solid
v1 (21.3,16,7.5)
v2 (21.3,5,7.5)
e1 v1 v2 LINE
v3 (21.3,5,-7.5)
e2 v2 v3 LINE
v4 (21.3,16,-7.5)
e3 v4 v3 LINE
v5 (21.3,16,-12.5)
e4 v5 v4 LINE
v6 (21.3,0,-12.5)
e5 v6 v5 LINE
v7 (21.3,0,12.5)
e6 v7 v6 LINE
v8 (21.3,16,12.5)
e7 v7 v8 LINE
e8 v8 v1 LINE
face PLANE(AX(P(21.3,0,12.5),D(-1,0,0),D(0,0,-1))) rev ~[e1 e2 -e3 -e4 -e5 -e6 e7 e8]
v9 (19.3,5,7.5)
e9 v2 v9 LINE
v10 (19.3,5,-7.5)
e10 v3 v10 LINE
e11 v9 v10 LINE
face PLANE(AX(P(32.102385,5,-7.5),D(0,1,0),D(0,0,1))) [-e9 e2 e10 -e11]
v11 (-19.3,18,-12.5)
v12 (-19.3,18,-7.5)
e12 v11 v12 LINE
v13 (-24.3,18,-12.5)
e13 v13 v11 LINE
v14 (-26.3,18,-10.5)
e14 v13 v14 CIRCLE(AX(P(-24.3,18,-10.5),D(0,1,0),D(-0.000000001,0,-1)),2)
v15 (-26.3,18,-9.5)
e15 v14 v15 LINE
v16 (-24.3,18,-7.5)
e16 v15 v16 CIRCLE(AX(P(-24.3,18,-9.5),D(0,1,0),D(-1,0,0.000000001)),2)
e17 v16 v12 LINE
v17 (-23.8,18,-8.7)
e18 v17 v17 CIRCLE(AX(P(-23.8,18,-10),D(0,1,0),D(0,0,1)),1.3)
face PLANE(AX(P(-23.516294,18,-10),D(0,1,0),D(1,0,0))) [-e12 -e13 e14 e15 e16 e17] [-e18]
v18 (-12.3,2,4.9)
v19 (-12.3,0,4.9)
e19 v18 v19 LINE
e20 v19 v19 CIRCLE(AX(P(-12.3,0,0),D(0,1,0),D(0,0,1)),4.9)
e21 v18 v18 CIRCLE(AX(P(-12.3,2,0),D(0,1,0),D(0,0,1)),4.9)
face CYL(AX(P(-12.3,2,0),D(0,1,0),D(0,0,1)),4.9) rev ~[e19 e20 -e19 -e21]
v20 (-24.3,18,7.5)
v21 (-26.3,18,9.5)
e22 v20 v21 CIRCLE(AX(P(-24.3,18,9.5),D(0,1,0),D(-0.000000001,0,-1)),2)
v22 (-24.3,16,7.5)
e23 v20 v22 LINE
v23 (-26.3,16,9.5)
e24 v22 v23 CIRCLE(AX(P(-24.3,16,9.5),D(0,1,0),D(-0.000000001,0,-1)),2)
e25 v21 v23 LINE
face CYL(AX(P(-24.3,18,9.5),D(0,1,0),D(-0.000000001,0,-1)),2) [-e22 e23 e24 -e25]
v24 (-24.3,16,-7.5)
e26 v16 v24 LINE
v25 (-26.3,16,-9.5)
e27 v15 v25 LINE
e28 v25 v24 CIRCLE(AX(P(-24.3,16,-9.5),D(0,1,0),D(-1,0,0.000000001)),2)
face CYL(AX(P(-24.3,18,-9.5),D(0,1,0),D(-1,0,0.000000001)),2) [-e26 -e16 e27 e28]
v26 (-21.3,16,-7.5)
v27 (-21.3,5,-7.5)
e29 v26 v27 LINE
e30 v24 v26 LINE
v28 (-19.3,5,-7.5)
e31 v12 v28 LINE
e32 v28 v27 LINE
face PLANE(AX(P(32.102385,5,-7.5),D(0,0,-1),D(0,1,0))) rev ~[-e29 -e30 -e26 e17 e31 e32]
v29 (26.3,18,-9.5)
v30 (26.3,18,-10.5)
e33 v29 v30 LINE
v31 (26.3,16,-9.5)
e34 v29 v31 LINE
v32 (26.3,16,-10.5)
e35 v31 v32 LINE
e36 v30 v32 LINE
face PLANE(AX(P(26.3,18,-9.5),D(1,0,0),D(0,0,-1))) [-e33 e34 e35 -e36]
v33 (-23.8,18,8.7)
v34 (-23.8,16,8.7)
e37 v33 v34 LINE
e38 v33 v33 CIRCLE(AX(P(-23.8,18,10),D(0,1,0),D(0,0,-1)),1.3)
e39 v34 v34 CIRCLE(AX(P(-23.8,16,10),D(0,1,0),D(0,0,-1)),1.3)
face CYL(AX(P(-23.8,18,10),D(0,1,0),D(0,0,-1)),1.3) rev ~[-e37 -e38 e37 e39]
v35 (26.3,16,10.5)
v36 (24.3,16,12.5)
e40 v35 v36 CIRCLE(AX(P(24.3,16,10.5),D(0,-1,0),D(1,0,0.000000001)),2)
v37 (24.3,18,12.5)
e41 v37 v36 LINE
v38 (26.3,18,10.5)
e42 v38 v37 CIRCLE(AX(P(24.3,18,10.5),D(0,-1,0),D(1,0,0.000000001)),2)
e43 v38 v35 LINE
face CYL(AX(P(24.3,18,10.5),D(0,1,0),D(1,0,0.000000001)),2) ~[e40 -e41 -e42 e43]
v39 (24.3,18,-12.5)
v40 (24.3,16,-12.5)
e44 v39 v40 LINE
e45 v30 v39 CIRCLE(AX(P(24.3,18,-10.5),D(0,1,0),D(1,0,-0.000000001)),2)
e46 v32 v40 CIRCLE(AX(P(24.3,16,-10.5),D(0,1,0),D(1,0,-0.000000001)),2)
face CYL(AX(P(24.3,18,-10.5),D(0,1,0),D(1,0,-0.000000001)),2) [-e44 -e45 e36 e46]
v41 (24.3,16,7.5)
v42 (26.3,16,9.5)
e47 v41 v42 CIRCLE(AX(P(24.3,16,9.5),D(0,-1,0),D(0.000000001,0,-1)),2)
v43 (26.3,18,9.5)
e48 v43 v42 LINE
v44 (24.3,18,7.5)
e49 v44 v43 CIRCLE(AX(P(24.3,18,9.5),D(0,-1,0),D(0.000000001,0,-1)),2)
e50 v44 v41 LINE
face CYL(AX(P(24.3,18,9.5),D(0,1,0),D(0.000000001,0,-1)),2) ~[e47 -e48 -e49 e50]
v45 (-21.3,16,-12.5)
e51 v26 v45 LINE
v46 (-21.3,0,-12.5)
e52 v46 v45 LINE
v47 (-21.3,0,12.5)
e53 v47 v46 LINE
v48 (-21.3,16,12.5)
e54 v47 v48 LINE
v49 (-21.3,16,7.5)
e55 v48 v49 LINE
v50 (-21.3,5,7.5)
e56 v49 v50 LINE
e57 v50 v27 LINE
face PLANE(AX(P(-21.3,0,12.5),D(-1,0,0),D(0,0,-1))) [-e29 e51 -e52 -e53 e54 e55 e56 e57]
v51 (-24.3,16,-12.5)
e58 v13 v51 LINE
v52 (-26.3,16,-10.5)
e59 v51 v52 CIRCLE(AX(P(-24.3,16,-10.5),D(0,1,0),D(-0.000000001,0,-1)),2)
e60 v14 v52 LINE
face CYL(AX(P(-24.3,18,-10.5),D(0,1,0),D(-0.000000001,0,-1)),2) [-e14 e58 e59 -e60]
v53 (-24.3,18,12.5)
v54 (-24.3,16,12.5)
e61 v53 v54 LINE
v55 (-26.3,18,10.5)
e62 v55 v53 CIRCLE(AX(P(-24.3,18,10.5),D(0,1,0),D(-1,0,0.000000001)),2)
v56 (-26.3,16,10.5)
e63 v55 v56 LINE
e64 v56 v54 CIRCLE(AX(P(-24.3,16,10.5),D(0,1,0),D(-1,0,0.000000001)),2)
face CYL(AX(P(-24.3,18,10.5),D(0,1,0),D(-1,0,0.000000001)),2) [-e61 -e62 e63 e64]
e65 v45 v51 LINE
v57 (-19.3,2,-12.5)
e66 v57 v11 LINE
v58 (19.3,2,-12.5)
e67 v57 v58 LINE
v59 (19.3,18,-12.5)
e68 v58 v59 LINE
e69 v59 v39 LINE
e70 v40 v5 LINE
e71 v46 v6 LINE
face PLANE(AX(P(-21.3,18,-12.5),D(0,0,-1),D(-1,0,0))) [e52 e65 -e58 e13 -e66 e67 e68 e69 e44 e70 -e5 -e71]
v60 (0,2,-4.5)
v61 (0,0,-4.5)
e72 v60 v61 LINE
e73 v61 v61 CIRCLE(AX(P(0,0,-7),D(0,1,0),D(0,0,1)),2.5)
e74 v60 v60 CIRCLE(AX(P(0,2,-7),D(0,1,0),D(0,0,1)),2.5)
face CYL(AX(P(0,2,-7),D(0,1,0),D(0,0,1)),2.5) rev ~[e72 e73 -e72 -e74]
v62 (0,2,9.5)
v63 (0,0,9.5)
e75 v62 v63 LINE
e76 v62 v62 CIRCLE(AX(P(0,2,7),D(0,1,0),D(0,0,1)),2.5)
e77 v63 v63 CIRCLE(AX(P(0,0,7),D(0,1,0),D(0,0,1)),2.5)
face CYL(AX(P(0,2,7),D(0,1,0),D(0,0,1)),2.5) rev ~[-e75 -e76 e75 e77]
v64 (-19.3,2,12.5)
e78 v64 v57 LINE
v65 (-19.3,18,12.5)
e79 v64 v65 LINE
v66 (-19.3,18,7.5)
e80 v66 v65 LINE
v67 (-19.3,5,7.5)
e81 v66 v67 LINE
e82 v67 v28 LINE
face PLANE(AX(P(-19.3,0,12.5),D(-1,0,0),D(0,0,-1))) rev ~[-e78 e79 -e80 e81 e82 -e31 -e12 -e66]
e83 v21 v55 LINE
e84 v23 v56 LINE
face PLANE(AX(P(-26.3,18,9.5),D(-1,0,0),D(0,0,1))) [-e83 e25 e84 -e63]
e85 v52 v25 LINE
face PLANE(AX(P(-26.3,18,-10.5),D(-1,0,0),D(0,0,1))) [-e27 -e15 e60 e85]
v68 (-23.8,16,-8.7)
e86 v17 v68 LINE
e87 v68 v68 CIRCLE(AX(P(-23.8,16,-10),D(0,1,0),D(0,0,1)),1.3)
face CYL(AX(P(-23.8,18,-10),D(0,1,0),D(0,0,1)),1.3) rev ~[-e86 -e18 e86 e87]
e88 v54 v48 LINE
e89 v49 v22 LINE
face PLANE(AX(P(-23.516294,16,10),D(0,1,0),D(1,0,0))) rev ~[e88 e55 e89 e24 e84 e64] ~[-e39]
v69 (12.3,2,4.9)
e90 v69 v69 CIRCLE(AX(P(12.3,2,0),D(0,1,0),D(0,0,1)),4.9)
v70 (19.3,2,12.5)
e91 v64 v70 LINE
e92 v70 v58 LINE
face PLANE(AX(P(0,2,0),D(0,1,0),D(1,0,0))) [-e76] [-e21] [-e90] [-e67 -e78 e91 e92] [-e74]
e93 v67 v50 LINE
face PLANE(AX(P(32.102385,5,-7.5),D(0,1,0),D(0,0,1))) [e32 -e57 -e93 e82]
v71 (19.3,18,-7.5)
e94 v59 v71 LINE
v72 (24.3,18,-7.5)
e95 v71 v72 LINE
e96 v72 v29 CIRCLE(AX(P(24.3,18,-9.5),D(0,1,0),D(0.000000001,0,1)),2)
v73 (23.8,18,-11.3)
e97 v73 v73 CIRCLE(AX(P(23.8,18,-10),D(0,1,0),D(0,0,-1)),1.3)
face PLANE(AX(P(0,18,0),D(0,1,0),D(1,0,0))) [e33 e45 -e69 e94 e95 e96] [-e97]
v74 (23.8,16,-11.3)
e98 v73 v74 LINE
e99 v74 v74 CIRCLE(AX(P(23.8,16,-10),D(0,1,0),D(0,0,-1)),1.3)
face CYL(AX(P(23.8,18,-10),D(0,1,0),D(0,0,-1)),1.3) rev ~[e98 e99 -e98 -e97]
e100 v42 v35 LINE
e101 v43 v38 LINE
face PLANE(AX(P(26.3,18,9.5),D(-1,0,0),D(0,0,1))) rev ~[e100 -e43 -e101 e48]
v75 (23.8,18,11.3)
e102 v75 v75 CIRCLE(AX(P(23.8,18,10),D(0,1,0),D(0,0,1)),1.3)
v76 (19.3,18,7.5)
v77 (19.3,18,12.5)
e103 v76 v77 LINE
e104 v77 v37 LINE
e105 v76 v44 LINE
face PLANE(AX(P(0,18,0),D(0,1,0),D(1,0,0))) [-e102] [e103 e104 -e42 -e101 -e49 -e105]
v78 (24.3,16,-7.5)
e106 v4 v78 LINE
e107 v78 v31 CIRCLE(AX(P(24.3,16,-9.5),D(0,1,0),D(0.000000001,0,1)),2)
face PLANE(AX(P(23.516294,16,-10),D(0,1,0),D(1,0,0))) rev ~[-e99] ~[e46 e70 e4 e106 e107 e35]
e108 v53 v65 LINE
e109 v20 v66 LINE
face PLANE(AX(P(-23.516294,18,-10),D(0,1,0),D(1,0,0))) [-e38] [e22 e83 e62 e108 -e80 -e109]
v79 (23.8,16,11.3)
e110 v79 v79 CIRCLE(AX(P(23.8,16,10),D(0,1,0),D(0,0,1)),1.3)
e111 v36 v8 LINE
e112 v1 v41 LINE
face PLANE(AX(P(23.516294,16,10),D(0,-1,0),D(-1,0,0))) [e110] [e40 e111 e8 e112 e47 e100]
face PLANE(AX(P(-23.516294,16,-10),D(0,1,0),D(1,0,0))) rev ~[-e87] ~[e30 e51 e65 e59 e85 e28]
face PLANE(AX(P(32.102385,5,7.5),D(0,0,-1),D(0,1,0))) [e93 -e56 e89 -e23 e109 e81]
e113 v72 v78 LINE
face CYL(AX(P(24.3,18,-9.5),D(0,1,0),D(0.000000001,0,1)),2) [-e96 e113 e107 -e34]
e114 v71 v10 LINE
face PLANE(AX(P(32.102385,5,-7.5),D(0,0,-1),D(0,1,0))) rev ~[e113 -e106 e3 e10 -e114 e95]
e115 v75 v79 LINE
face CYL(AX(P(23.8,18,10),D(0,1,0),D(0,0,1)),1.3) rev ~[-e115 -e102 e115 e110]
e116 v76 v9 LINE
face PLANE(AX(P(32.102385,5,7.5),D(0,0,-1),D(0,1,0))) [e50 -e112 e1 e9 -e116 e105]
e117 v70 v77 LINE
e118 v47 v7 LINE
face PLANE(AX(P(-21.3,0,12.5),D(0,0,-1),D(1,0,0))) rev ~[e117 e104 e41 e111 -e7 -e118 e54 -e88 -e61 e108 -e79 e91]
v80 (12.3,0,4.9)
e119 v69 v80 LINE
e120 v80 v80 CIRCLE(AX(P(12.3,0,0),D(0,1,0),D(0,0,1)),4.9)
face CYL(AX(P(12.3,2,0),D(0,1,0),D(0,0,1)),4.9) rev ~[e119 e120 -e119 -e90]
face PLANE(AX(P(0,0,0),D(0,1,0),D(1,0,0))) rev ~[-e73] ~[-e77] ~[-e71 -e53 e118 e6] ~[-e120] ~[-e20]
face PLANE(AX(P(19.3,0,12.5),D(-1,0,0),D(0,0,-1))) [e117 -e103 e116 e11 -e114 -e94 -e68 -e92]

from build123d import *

# Parameters (mm, degrees)
SZKIC1_W                        = 42.6
SZKIC1_H                        = 25
DODANIE_WYCI_GNI_CIE2_DEPTH     = 18
SKORUPA5_T                      = -2
SZKIC2_R                        = 1.3
DODANIE_WYCI_GNI_CIE3_DEPTH     = 2
SZKIC3_R                        = 4.9
SZKIC3_R_2                      = 2.5
WYTNIJ_WYCI_GNI_CIE1_DEPTH      = 2
WYTNIJ_WYCI_GNI_CIE2_DEPTH      = 53.402385442
WYTNIJ_WYCI_GNI_CIE2_DEPTH_BACK = 53.402385442
SZKIC4_W                        = 15
SZKIC4_H                        = 13


with BuildPart() as part:
    # Szkic1 → Dodanie-wyciągnięcie2 (new body)
    with BuildSketch(Plane(origin=(0, 0, 0), x_dir=(1, 0, 0), z_dir=(0, 1, 0))):
        Rectangle(SZKIC1_W, SZKIC1_H)
    extrude(amount=DODANIE_WYCI_GNI_CIE2_DEPTH)

    # Skorupa5
    skorupa5_openings = [part.faces().sort_by_distance(p)[0] for p in [
        (0, 18, 0),
        (0, 9, -12.5),
        (0, 9, 12.5),
    ]]
    offset(amount=SKORUPA5_T, openings=skorupa5_openings, kind=Kind.INTERSECTION)

    # Szkic2 → Dodanie-wyciągnięcie3 (add)
    # profile 1 of 4: a face of its own
    with BuildSketch(Plane(origin=(0, 18, 0), x_dir=(1, 0, 0), z_dir=(0, 1, 0))):
        with BuildLine():
            Line((-21.3, 12.5), (-24.3, 12.5))
            ThreePointArc((-24.3, 12.5), (-25.714213562, 11.914213562), (-26.3, 10.5))
            Line((-26.3, 10.5), (-26.3, 9.5))
            ThreePointArc((-26.3, 9.5), (-25.714213562, 8.085786438), (-24.3, 7.5))
            Line((-24.3, 7.5), (-21.3, 7.5))
            Line((-21.3, 7.5), (-21.3, 12.5))
        make_face()
        with Locations(Location((-23.8, 10, 0), (0, 0, 270))):
            Circle(SZKIC2_R, mode=Mode.SUBTRACT)
    # profile 2 of 4: a face of its own
    with BuildSketch(Plane(origin=(0, 18, 0), x_dir=(1, 0, 0), z_dir=(0, 1, 0))):
        with BuildLine():
            Line((-21.3, -7.5), (-24.3, -7.5))
            ThreePointArc((-24.3, -7.5), (-25.714213562, -8.085786438), (-26.3, -9.5))
            Line((-26.3, -9.5), (-26.3, -10.5))
            ThreePointArc((-26.3, -10.5), (-25.714213562, -11.914213562), (-24.3, -12.5))
            Line((-24.3, -12.5), (-21.3, -12.5))
            Line((-21.3, -12.5), (-21.3, -7.5))
        make_face()
        with Locations(Location((-23.8, -10, 0), (0, 0, 90))):
            Circle(SZKIC2_R, mode=Mode.SUBTRACT)
    # profile 3 of 4: a face of its own
    with BuildSketch(Plane(origin=(0, 18, 0), x_dir=(1, 0, 0), z_dir=(0, 1, 0))):
        with BuildLine():
            Line((21.3, -12.5), (21.3, -7.5))
            Line((21.3, -7.5), (24.3, -7.5))
            ThreePointArc((24.3, -7.5), (25.714213562, -8.085786438), (26.3, -9.5))
            Line((26.3, -9.5), (26.3, -10.5))
            ThreePointArc((26.3, -10.5), (25.714213562, -11.914213562), (24.3, -12.5))
            Line((24.3, -12.5), (21.3, -12.5))
        make_face()
        with Locations(Location((23.8, -10, 0), (0, 0, 270))):
            Circle(SZKIC2_R, mode=Mode.SUBTRACT)
    # profile 4 of 4: a face of its own
    with BuildSketch(Plane(origin=(0, 18, 0), x_dir=(1, 0, 0), z_dir=(0, 1, 0))):
        with BuildLine():
            Line((21.3, 7.5), (24.3, 7.5))
            ThreePointArc((24.3, 7.5), (25.714213562, 8.085786438), (26.3, 9.5))
            Line((26.3, 9.5), (26.3, 10.5))
            ThreePointArc((26.3, 10.5), (25.714213562, 11.914213562), (24.3, 12.5))
            Line((24.3, 12.5), (21.3, 12.5))
            Line((21.3, 12.5), (21.3, 7.5))
        make_face()
        with Locations(Location((23.8, 10, 0), (0, 0, 90))):
            Circle(SZKIC2_R, mode=Mode.SUBTRACT)
    extrude(amount=-DODANIE_WYCI_GNI_CIE3_DEPTH)

    # Szkic3 → Wytnij-wyciągnięcie1 (cut)
    with BuildSketch(Plane(origin=(0, 2, 0), x_dir=(1, 0, 0), z_dir=(0, 1, 0))):
        with Locations(Location((-12.3, 0, 0), (0, 0, 270))):
            Circle(SZKIC3_R)
        with Locations(Location((12.3, 0, 0), (0, 0, 270))):
            Circle(SZKIC3_R)
        with Locations(Location((0, 7, 0), (0, 0, 270))):
            Circle(SZKIC3_R_2)
        with Locations(Location((0, -7, 0), (0, 0, 270))):
            Circle(SZKIC3_R_2)
    extrude(amount=-WYTNIJ_WYCI_GNI_CIE1_DEPTH, mode=Mode.SUBTRACT)

    # Szkic4 → Wytnij-wyciągnięcie2 (cut, two sides: drawn at the far end of the back side and taken through both)
    with BuildSketch(Plane.ZY.offset(21.3).offset(-WYTNIJ_WYCI_GNI_CIE2_DEPTH_BACK)):
        with Locations((0, 11.5)):
            Rectangle(SZKIC4_W, SZKIC4_H)
    extrude(amount=WYTNIJ_WYCI_GNI_CIE2_DEPTH + WYTNIJ_WYCI_GNI_CIE2_DEPTH_BACK, mode=Mode.SUBTRACT)


solid = part.part
